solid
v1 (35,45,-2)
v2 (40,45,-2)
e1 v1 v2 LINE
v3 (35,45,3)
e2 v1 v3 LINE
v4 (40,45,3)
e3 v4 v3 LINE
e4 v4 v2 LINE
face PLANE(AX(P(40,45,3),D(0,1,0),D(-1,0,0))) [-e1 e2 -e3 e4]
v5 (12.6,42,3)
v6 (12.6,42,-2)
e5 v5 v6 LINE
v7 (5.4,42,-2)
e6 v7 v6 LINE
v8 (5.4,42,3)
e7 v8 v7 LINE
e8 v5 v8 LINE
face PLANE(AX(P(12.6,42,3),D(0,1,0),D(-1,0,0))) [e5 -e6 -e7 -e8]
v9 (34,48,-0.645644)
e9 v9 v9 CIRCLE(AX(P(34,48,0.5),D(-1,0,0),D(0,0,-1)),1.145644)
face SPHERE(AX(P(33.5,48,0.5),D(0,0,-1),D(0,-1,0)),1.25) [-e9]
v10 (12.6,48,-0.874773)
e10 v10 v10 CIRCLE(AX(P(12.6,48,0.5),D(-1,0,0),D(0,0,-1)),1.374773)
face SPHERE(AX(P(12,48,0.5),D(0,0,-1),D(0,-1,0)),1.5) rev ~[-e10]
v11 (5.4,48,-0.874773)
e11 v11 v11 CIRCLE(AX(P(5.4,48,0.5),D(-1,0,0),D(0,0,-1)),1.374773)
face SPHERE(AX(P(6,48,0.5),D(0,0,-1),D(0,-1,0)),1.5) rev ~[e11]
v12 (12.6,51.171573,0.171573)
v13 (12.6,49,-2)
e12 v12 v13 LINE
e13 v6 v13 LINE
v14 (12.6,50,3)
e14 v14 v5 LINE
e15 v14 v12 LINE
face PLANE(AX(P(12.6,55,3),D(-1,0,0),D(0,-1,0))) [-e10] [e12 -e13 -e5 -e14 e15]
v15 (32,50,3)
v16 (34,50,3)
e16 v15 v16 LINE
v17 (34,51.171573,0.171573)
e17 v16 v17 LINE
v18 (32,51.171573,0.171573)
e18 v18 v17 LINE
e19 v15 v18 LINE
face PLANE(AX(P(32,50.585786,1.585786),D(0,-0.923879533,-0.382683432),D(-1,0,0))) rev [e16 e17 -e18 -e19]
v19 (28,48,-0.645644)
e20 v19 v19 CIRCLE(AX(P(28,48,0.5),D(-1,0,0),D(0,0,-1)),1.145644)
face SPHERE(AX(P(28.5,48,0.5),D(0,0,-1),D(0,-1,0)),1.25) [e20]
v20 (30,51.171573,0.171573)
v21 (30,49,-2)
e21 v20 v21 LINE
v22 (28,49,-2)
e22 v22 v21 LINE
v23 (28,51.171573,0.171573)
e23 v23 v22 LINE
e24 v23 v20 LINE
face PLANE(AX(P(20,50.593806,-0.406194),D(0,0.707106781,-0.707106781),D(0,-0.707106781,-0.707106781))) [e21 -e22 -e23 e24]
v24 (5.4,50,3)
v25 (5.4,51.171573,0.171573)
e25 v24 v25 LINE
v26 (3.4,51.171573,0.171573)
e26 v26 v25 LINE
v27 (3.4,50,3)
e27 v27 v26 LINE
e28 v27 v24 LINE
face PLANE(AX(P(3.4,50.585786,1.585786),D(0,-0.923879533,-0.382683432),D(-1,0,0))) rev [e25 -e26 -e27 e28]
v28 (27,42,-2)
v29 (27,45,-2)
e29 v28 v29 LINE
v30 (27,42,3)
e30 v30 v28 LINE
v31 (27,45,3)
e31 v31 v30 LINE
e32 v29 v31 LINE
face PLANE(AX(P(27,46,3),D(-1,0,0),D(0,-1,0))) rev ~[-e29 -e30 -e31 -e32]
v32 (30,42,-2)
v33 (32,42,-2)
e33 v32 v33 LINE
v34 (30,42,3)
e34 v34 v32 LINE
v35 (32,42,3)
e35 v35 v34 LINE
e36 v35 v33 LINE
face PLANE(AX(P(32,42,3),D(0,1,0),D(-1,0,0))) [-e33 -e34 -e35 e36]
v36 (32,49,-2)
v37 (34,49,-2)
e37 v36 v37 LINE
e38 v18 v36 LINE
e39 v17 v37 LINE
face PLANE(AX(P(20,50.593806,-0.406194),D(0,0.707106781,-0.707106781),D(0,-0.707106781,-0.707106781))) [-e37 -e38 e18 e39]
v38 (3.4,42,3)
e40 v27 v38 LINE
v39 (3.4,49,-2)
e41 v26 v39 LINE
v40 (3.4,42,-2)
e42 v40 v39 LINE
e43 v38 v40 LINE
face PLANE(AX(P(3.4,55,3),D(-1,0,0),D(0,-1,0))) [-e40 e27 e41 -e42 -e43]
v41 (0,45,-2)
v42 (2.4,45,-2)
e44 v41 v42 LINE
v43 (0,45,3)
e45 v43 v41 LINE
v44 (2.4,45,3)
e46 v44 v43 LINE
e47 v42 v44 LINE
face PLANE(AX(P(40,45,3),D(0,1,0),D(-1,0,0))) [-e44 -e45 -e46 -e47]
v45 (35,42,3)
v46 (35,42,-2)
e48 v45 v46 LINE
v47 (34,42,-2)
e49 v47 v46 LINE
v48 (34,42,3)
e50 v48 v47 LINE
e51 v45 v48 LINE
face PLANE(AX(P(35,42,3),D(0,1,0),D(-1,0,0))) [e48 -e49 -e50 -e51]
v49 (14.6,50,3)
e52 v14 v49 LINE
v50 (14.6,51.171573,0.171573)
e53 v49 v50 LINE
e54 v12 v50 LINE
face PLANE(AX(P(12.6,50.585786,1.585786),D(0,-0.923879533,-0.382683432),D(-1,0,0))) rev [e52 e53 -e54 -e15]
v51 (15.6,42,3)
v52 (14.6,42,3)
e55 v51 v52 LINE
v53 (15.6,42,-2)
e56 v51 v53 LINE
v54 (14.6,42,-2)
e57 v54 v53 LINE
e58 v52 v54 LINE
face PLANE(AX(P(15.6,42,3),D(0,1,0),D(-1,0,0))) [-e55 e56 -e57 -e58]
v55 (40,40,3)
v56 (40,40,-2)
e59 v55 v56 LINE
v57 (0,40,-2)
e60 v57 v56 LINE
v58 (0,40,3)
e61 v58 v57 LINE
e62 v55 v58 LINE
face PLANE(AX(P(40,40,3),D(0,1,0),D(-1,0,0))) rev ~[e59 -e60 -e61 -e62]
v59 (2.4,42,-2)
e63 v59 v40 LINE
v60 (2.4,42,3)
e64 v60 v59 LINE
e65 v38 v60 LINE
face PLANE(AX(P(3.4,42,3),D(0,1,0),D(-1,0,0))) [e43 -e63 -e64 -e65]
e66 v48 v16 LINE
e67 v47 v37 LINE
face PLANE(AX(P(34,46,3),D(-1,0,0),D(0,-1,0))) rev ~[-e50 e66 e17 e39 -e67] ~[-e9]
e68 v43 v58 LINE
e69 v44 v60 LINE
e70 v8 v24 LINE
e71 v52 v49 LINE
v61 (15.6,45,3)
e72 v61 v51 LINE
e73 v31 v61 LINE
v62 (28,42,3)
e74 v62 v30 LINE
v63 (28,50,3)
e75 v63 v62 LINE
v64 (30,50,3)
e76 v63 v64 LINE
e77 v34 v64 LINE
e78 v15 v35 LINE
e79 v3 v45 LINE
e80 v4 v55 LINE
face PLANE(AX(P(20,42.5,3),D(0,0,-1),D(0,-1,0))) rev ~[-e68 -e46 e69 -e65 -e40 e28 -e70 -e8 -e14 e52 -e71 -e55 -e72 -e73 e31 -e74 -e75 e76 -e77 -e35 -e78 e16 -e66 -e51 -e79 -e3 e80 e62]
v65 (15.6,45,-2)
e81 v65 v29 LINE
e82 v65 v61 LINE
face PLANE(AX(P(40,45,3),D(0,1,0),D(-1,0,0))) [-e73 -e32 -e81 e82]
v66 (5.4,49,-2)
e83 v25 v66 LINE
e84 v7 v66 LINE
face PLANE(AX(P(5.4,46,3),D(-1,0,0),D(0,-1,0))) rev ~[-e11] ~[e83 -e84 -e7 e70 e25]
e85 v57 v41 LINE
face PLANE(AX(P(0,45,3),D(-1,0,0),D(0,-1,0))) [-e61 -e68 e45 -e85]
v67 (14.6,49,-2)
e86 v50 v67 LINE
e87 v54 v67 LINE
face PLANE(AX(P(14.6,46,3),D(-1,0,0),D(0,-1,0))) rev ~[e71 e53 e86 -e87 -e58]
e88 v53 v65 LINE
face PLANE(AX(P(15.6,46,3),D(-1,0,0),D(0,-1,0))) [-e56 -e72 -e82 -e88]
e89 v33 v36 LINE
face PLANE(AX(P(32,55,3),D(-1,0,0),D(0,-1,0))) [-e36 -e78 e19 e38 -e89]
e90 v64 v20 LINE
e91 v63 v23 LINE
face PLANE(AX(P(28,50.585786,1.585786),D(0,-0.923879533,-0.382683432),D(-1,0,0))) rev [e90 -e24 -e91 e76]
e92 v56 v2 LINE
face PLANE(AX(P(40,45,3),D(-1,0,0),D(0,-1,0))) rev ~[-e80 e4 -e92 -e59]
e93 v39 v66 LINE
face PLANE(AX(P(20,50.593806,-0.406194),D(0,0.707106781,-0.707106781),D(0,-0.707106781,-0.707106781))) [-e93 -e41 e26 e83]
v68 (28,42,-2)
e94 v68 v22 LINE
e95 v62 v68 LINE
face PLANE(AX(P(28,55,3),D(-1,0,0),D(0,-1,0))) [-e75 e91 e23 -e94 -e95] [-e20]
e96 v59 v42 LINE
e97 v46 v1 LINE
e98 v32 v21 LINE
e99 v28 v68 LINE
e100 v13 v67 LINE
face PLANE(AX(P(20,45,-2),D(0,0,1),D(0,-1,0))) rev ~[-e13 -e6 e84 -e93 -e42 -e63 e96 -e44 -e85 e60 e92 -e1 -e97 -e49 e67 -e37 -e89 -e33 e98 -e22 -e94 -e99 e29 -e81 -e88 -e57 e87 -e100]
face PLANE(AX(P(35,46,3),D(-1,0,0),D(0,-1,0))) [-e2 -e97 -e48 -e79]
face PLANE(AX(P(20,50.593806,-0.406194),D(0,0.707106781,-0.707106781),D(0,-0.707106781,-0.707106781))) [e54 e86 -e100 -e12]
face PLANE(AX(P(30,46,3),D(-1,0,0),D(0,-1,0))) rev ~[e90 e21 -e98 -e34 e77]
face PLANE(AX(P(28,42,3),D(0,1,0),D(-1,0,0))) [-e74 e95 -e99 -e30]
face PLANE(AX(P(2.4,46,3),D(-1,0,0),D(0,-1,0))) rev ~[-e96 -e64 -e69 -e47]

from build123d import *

# Parameters (mm, degrees)
BOX135_W               = 12
BOX135_H               = 44
BOX135_DEPTH           = 10
BOX137_W               = 4
BOX137_H               = 1
BOX137_DEPTH           = 7
BOX139_W               = 4
BOX139_H               = 1
BOX139_DEPTH           = 7
BOX133_W               = 4
BOX133_H               = 2
BOX133_DEPTH           = 7
BOX140_W               = 4
BOX140_H               = 1
BOX140_DEPTH           = 7
BOX136_W               = 4
BOX136_H               = 1
BOX136_DEPTH           = 7
BOX144_W               = 4
BOX144_H               = 7.2
BOX144_DEPTH           = 7
BOX142_W               = 13
BOX142_H               = 40
BOX142_DEPTH           = 10
BOX142_PITCH_ANGLE     = -45
BOX132_W               = 10
BOX132_H               = 2
BOX132_DEPTH           = 7
BOX134_W               = 10
BOX134_H               = 2
BOX134_DEPTH           = 7
BOX141_W               = 10
BOX141_H               = 2
BOX141_DEPTH           = 7
BOX143_W               = 10
BOX143_H               = 2
BOX143_DEPTH           = 7
BOX138_W               = 5
BOX138_H               = 40
BOX138_DEPTH           = 7
CHAMFER012_SIZE        = 4
CUT040_PLACEMENT_ANGLE = 180
CUT039_PLACEMENT_ANGLE = -90


with BuildPart() as cube119:
    # Box135 → Box135 (new body)
    with BuildSketch(Plane(origin=(-11, -2, -12), x_dir=(1, 0, 0), z_dir=(0, 0, 1))):
        with Locations((6, 22)):
            Rectangle(BOX135_W, BOX135_H)
    extrude(amount=BOX135_DEPTH)


with BuildPart() as cube121:
    # Box137 → Box137 (new body)
    with BuildSketch(Plane(origin=(-1, 12, 0), x_dir=(1, 0, 0), z_dir=(0, 0, 1))):
        with Locations((2, 0.5)):
            Rectangle(BOX137_W, BOX137_H)
    extrude(amount=BOX137_DEPTH)


with BuildPart() as cube123:
    # Box139 → Box139 (new body)
    with BuildSketch(Plane(origin=(-1, 36.6, 0), x_dir=(1, 0, 0), z_dir=(0, 0, 1))):
        with Locations((2, 0.5)):
            Rectangle(BOX139_W, BOX139_H)
    extrude(amount=BOX139_DEPTH)


with BuildPart() as cube117:
    # Box133 → Box133 (new body)
    with BuildSketch(Plane(origin=(-1, 8, 0), x_dir=(1, 0, 0), z_dir=(0, 0, 1))):
        with Locations((2, 1)):
            Rectangle(BOX133_W, BOX133_H)
    extrude(amount=BOX133_DEPTH)


with BuildPart() as cube124:
    # Box140 → Box140 (new body)
    with BuildSketch(Plane(origin=(-1, 24.4, 0), x_dir=(1, 0, 0), z_dir=(0, 0, 1))):
        with Locations((2, 0.5)):
            Rectangle(BOX140_W, BOX140_H)
    extrude(amount=BOX140_DEPTH)


with BuildPart() as cube120:
    # Box136 → Box136 (new body)
    with BuildSketch(Plane(origin=(-1, 5, 0), x_dir=(1, 0, 0), z_dir=(0, 0, 1))):
        with Locations((2, 0.5)):
            Rectangle(BOX136_W, BOX136_H)
    extrude(amount=BOX136_DEPTH)


with BuildPart() as fusion043:
    # Box144 → Box144 (new body)
    with BuildSketch(Plane(origin=(-1, 27.4, 0), x_dir=(1, 0, 0), z_dir=(0, 0, 1))):
        with Locations((2, 3.6)):
            Rectangle(BOX144_W, BOX144_H)
    extrude(amount=BOX144_DEPTH)

    # Fusion043: union Cube121, Cube123, Cube117, Cube124, Cube120
    add(cube121.part)
    add(cube123.part)
    add(cube117.part)
    add(cube124.part)
    add(cube120.part)


with BuildPart() as sphere048:
    # Sphere048 → Sphere048 (revolve)
    with BuildSketch(Plane(origin=(-3, 28, 2.5), x_dir=(1, 0, 0), z_dir=(0, -1, 0))):
        with BuildLine():
            ThreePointArc((0, -1.5), (1.5, 0), (0, 1.5))
            Line((0, 1.5), (0, -1.5))
        make_face()
    revolve(axis=Axis((-3, 28, 2.5), (0, 0, 1)))


with BuildPart() as fusion045:
    # Sphere050 → Sphere050 (revolve)
    with BuildSketch(Plane(origin=(-3, 34, 2.5), x_dir=(1, 0, 0), z_dir=(0, -1, 0))):
        with BuildLine():
            ThreePointArc((0, -1.5), (1.5, 0), (0, 1.5))
            Line((0, 1.5), (0, -1.5))
        make_face()
    revolve(axis=Axis((-3, 34, 2.5), (0, 0, 1)))

    # Fusion045: union Sphere048
    add(sphere048.part)


with BuildPart() as sphere047:
    # Sphere047 → Sphere047 (revolve)
    with BuildSketch(Plane(origin=(-3, 11.5, 2.5), x_dir=(1, 0, 0), z_dir=(0, -1, 0))):
        with BuildLine():
            ThreePointArc((0, -1.25), (1.25, 0), (0, 1.25))
            Line((0, 1.25), (0, -1.25))
        make_face()
    revolve(axis=Axis((-3, 11.5, 2.5), (0, 0, 1)))


with BuildPart() as cube126:
    # Box142 → Box142 (new body)
    with BuildSketch(Plane.XY):
        with Locations((6.5, 20)):
            Rectangle(BOX142_W, BOX142_H)
    extrude(amount=BOX142_DEPTH)


with BuildPart() as cube126_1:
    # Box142 pitch: moved
    add(cube126.part.rotate(Axis((0, 0, 0), (0, 1, 0)), BOX142_PITCH_ANGLE))


with BuildPart() as cube126_2:
    # Box142 placement: moved
    add(cube126_1.part.moved(Location((-10.19, 0, -1.19))))


with BuildPart() as cube116:
    # Box132 → Box132 (new body)
    with BuildSketch(Plane(origin=(-10, 6, 0), x_dir=(1, 0, 0), z_dir=(0, 0, 1))):
        with Locations((5, 1)):
            Rectangle(BOX132_W, BOX132_H)
    extrude(amount=BOX132_DEPTH)


with BuildPart() as cube118:
    # Box134 → Box134 (new body)
    with BuildSketch(Plane(origin=(-10, 10, 0), x_dir=(1, 0, 0), z_dir=(0, 0, 1))):
        with Locations((5, 1)):
            Rectangle(BOX134_W, BOX134_H)
    extrude(amount=BOX134_DEPTH)


with BuildPart() as cube125:
    # Box141 → Box141 (new body)
    with BuildSketch(Plane(origin=(-10, 25.4, 0), x_dir=(1, 0, 0), z_dir=(0, 0, 1))):
        with Locations((5, 1)):
            Rectangle(BOX141_W, BOX141_H)
    extrude(amount=BOX141_DEPTH)


with BuildPart() as cube127:
    # Box143 → Box143 (new body)
    with BuildSketch(Plane(origin=(-10, 34.6, 0), x_dir=(1, 0, 0), z_dir=(0, 0, 1))):
        with Locations((5, 1)):
            Rectangle(BOX143_W, BOX143_H)
    extrude(amount=BOX143_DEPTH)


with BuildPart() as cut037:
    # Box138 → Box138 (new body)
    with BuildSketch(Plane.XY):
        with Locations((2.5, 20)):
            Rectangle(BOX138_W, BOX138_H)
    extrude(amount=BOX138_DEPTH)

    # Fusion044: union Cube116, Cube118, Cube125, Cube127
    add(cube116.part)
    add(cube118.part)
    add(cube125.part)
    add(cube127.part)

    # Cut037: cut Cube126
    add(cube126_2.part, mode=Mode.SUBTRACT)


with BuildPart() as cut039:
    # Sphere049 → Sphere049 (revolve)
    with BuildSketch(Plane(origin=(-3, 6.5, 2.5), x_dir=(1, 0, 0), z_dir=(0, -1, 0))):
        with BuildLine():
            ThreePointArc((0, -1.25), (1.25, 0), (0, 1.25))
            Line((0, 1.25), (0, -1.25))
        make_face()
    revolve(axis=Axis((-3, 6.5, 2.5), (0, 0, 1)))

    # Fusion042: union Sphere047, Cut037
    add(sphere047.part)
    add(cut037.part)

    # Cut038: cut Fusion045
    add(fusion045.part, mode=Mode.SUBTRACT)

    # Chamfer012
    chamfer012_edges = [cut039.edges().sort_by_distance(p)[0] for p in [
        (-9, 7, 0),
        (-9, 11, 0),
        (-9, 35.6, 0),
        (-9, 26.4, 0),
    ]]
    chamfer(chamfer012_edges, length=CHAMFER012_SIZE)

    # Cut040: cut Fusion043
    add(fusion043.part, mode=Mode.SUBTRACT)


with BuildPart() as cut039_1:
    # Cut040 placement: moved
    add(cut039.part.moved(Location((-5, 40, 3))).rotate(Axis((-5, 40, 3), (1, 0, 0)), CUT040_PLACEMENT_ANGLE))

    # Cut039: cut Cube119
    add(cube119.part, mode=Mode.SUBTRACT)


with BuildPart() as cut039_2:
    # Cut039 placement: moved
    add(cut039_1.part.moved(Location((0, 40, 0))).rotate(Axis((0, 40, 0), (0, 0, 1)), CUT039_PLACEMENT_ANGLE))


solid = cut039_2.part
